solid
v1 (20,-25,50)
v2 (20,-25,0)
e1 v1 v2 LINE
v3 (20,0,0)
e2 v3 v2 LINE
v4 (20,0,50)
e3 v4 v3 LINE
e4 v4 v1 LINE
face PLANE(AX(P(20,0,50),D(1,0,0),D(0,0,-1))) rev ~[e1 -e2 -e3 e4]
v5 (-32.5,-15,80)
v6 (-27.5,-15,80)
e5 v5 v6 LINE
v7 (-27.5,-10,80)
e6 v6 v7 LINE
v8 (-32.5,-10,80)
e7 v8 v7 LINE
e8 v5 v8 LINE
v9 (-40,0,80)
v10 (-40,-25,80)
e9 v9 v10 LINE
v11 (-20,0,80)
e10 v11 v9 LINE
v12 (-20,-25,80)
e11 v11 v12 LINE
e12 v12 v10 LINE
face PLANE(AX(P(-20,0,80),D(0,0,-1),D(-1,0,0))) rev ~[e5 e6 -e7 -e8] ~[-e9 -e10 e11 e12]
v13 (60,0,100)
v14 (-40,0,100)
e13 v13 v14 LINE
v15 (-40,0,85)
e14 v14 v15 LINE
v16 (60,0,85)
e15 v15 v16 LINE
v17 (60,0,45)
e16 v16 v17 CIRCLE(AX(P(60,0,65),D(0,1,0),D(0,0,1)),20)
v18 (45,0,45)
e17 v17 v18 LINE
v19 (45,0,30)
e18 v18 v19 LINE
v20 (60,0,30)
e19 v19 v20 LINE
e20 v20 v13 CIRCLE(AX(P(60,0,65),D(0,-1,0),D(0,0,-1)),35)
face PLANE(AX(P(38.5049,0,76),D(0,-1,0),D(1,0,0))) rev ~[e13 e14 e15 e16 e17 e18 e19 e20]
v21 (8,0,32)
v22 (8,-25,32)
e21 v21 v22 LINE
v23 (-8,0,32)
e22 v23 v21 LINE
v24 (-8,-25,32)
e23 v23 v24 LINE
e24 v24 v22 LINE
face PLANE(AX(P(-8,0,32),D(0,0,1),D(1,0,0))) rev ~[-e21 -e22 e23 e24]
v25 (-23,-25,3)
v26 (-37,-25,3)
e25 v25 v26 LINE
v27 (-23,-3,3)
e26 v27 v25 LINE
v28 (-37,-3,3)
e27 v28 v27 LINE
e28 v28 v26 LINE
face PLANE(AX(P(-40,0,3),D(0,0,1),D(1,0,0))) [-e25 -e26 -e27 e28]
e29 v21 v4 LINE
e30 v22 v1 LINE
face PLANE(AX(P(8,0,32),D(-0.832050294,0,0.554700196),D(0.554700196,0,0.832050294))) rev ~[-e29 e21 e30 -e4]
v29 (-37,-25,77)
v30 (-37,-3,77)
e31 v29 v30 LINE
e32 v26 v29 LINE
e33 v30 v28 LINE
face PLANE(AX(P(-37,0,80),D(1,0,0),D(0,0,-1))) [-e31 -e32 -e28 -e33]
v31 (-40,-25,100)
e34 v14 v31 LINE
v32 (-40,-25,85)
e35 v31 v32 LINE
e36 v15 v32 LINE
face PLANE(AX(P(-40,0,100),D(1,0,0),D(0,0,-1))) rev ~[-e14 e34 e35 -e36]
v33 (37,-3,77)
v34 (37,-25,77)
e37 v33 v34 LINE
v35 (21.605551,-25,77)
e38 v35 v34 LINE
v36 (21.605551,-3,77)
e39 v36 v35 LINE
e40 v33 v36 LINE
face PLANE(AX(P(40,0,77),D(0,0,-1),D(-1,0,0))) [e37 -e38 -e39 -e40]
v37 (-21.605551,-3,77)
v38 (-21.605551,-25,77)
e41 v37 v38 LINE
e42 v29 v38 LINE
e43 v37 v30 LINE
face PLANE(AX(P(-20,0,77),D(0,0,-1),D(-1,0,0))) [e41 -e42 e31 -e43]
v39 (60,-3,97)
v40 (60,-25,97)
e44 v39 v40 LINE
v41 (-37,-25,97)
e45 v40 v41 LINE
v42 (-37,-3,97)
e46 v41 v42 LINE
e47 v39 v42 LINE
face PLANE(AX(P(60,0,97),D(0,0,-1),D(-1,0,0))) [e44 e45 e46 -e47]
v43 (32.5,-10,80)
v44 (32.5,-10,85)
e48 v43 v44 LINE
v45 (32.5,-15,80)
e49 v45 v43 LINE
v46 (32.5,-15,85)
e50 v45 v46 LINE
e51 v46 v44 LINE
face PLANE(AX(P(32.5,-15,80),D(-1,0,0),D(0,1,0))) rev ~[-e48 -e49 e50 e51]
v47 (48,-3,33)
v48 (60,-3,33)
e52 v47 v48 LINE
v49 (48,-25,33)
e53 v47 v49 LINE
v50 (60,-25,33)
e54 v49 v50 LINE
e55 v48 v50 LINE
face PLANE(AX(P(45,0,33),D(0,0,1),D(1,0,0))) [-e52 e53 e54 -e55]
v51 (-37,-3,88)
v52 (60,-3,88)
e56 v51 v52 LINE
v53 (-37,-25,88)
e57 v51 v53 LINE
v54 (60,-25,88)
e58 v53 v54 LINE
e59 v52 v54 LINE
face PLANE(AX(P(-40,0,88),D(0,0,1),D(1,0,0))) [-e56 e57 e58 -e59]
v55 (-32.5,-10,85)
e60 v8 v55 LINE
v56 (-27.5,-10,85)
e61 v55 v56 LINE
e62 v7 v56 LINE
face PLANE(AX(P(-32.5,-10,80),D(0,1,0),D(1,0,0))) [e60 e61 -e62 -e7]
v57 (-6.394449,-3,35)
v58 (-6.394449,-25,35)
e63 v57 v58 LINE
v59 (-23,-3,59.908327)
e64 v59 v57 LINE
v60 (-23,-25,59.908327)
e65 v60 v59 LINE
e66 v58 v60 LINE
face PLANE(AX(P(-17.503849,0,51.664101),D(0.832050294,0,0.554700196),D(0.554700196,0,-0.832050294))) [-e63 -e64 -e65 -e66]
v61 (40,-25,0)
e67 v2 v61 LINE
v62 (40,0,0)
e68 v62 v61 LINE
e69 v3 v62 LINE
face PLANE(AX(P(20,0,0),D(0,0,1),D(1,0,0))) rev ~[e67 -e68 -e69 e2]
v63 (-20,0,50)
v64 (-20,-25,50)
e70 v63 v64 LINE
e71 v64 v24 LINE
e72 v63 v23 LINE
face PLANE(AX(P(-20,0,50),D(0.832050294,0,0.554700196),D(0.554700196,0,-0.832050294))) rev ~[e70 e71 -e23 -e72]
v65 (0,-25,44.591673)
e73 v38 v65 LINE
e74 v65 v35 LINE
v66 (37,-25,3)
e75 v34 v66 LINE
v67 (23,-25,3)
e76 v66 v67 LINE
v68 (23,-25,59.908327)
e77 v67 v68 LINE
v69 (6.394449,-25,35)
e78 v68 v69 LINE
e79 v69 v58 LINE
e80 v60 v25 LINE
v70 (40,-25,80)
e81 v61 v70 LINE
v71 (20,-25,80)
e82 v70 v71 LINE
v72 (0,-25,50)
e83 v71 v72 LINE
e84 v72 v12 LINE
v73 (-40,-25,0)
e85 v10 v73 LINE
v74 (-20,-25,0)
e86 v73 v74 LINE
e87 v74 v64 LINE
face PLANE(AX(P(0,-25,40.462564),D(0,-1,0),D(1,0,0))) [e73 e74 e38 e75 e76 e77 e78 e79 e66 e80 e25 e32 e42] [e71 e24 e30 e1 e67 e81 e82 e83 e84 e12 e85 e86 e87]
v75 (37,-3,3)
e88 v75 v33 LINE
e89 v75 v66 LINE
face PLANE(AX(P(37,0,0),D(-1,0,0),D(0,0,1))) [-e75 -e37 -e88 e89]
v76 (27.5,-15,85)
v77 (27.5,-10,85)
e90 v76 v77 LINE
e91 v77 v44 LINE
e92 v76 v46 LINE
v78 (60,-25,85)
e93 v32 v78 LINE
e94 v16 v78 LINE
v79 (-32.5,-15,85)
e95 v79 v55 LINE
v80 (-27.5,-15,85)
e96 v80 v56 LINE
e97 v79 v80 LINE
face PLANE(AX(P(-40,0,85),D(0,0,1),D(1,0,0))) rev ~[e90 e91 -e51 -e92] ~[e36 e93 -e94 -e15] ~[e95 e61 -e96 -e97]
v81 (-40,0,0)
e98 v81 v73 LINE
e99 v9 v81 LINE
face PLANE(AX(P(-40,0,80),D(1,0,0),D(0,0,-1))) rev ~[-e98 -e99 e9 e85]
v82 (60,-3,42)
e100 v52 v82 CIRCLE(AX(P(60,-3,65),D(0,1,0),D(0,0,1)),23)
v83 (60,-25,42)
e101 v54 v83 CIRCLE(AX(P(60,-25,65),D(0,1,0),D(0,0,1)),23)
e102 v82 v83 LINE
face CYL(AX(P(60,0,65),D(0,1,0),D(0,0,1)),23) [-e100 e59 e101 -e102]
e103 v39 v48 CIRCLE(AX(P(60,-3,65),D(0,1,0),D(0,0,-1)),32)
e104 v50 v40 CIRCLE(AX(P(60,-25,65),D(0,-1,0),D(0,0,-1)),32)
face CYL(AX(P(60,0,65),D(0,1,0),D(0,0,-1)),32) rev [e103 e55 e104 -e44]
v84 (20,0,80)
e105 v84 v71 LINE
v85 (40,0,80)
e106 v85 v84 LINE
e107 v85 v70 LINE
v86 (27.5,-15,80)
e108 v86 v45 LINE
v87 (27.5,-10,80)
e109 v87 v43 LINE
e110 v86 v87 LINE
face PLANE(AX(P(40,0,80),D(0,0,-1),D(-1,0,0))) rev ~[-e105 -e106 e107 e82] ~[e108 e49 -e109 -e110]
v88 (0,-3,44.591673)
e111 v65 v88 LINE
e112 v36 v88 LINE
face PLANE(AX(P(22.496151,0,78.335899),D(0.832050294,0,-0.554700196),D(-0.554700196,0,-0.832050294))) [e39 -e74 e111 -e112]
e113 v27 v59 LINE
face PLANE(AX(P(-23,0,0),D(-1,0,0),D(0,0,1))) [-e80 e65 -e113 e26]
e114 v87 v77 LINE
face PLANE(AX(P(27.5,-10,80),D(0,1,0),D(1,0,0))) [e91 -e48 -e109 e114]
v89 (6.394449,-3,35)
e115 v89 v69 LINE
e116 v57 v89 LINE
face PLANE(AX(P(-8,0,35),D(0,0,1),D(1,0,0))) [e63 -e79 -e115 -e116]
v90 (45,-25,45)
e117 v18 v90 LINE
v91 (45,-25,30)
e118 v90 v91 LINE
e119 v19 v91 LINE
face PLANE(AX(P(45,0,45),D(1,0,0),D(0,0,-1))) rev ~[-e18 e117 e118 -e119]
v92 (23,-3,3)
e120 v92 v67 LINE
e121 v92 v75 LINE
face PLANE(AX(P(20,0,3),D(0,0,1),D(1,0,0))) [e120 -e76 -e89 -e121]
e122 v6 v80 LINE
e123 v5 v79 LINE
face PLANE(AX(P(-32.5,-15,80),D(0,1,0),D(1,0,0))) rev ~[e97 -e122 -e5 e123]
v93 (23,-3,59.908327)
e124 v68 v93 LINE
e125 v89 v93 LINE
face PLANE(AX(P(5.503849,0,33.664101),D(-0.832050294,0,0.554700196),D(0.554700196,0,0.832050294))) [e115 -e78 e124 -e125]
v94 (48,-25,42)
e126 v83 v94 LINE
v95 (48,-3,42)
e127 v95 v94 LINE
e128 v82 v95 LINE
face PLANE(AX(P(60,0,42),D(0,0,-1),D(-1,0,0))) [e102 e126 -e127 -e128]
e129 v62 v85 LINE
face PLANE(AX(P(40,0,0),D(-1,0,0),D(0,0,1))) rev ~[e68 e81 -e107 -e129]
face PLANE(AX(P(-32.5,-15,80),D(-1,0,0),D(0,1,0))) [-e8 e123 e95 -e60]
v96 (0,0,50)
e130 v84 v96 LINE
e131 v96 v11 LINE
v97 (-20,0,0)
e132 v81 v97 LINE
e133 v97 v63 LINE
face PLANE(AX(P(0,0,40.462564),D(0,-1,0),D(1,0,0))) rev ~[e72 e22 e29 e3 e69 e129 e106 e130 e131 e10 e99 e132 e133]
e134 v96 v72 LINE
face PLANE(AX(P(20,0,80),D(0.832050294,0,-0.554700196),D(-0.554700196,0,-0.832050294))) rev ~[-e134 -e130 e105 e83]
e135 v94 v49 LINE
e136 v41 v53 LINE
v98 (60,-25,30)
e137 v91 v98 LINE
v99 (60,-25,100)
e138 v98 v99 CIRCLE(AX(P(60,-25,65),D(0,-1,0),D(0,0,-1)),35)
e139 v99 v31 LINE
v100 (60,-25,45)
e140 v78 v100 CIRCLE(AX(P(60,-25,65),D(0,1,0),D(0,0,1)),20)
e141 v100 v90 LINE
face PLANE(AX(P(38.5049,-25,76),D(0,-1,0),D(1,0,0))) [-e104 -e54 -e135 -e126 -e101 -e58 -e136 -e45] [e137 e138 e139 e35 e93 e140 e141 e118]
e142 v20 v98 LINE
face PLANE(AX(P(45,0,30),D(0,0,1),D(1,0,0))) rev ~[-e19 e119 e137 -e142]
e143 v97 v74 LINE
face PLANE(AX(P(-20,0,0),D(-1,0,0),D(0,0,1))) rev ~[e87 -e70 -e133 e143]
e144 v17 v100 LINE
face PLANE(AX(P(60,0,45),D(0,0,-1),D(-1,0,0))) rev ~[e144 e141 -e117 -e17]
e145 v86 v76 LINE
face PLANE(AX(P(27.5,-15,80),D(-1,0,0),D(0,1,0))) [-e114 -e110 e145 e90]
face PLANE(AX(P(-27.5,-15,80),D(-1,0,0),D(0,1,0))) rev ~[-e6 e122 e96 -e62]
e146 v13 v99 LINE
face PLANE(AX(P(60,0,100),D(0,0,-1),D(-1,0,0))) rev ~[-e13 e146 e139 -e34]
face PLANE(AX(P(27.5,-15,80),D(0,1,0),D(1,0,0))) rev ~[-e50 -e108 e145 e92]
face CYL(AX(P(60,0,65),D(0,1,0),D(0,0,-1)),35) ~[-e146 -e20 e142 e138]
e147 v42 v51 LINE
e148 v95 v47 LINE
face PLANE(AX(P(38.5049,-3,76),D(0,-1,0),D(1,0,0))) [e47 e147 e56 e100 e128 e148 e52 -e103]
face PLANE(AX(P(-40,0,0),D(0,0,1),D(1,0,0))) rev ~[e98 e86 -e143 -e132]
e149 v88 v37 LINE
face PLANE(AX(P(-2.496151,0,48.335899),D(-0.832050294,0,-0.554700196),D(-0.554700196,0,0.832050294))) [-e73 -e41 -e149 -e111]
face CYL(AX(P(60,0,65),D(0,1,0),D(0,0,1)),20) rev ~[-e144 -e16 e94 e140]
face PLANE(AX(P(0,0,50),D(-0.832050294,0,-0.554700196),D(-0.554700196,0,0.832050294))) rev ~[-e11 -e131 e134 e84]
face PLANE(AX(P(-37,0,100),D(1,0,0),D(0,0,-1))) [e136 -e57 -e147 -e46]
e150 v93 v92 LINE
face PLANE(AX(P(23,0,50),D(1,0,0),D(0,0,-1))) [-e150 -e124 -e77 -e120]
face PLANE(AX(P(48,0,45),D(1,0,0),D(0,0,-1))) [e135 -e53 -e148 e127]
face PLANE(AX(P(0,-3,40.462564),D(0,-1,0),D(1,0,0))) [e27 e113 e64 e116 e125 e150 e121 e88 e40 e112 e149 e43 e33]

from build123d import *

# Parameters (mm, degrees)
F3_DEPTH = 25
F4_T     = -3
F4_2_T   = -3
F5_W     = 5
F5_H     = 5
F6_DEPTH = 5


with BuildPart() as f3:
    # F1 (on Front) → F3 (new body)
    with BuildSketch(Plane.XZ):
        Polygon((-40, 80), (-40, 0), (-20, 0), (-20, 50), (-8, 32), (0, 32), (8, 32), (20, 50), (20, 0), (40, 0), (40, 80), (20, 80), (0, 50), (-20, 80), align=None)
    extrude(amount=F3_DEPTH)

    # F4
    f4_openings = [f3.faces().sort_by_distance(p)[0] for p in [
        (0, -25, 43.055762),
    ]]
    offset(amount=F4_T, openings=f4_openings, kind=Kind.INTERSECTION)



with BuildPart() as f3b:
    # F2 (on Front) → F3, piece 2 (new body)
    with BuildSketch(Plane.XZ):
        with BuildLine():
            Line((-40, 100), (-40, 85))
            Line((-40, 85), (60, 85))
            ThreePointArc((60, 85), (80, 65), (60, 45))
            Line((60, 45), (45, 45))
            Line((45, 45), (45, 30))
            Line((45, 30), (60, 30))
            ThreePointArc((60, 30), (95, 65), (60, 100))
            Line((60, 100), (-40, 100))
        make_face()
    extrude(amount=F3_DEPTH)

    # F4#2
    f4_2_openings = [f3b.faces().sort_by_distance(p)[0] for p in [
        (-38.479309, -25, 92.5),
    ]]
    offset(amount=F4_2_T, openings=f4_2_openings)


with BuildPart() as f3_1:
    add(f3.part)

    add(f3b.part)  # F6 merges F3b
    # F5 (on offset) → F6 (join)
    with BuildSketch(Plane.XY.offset(80)):
        with Locations((-30, -12.5)):
            Rectangle(F5_W, F5_H)
        with Locations((30, -12.5)):
            Rectangle(F5_W, F5_H)
    extrude(amount=F6_DEPTH)


solid = f3_1.part
